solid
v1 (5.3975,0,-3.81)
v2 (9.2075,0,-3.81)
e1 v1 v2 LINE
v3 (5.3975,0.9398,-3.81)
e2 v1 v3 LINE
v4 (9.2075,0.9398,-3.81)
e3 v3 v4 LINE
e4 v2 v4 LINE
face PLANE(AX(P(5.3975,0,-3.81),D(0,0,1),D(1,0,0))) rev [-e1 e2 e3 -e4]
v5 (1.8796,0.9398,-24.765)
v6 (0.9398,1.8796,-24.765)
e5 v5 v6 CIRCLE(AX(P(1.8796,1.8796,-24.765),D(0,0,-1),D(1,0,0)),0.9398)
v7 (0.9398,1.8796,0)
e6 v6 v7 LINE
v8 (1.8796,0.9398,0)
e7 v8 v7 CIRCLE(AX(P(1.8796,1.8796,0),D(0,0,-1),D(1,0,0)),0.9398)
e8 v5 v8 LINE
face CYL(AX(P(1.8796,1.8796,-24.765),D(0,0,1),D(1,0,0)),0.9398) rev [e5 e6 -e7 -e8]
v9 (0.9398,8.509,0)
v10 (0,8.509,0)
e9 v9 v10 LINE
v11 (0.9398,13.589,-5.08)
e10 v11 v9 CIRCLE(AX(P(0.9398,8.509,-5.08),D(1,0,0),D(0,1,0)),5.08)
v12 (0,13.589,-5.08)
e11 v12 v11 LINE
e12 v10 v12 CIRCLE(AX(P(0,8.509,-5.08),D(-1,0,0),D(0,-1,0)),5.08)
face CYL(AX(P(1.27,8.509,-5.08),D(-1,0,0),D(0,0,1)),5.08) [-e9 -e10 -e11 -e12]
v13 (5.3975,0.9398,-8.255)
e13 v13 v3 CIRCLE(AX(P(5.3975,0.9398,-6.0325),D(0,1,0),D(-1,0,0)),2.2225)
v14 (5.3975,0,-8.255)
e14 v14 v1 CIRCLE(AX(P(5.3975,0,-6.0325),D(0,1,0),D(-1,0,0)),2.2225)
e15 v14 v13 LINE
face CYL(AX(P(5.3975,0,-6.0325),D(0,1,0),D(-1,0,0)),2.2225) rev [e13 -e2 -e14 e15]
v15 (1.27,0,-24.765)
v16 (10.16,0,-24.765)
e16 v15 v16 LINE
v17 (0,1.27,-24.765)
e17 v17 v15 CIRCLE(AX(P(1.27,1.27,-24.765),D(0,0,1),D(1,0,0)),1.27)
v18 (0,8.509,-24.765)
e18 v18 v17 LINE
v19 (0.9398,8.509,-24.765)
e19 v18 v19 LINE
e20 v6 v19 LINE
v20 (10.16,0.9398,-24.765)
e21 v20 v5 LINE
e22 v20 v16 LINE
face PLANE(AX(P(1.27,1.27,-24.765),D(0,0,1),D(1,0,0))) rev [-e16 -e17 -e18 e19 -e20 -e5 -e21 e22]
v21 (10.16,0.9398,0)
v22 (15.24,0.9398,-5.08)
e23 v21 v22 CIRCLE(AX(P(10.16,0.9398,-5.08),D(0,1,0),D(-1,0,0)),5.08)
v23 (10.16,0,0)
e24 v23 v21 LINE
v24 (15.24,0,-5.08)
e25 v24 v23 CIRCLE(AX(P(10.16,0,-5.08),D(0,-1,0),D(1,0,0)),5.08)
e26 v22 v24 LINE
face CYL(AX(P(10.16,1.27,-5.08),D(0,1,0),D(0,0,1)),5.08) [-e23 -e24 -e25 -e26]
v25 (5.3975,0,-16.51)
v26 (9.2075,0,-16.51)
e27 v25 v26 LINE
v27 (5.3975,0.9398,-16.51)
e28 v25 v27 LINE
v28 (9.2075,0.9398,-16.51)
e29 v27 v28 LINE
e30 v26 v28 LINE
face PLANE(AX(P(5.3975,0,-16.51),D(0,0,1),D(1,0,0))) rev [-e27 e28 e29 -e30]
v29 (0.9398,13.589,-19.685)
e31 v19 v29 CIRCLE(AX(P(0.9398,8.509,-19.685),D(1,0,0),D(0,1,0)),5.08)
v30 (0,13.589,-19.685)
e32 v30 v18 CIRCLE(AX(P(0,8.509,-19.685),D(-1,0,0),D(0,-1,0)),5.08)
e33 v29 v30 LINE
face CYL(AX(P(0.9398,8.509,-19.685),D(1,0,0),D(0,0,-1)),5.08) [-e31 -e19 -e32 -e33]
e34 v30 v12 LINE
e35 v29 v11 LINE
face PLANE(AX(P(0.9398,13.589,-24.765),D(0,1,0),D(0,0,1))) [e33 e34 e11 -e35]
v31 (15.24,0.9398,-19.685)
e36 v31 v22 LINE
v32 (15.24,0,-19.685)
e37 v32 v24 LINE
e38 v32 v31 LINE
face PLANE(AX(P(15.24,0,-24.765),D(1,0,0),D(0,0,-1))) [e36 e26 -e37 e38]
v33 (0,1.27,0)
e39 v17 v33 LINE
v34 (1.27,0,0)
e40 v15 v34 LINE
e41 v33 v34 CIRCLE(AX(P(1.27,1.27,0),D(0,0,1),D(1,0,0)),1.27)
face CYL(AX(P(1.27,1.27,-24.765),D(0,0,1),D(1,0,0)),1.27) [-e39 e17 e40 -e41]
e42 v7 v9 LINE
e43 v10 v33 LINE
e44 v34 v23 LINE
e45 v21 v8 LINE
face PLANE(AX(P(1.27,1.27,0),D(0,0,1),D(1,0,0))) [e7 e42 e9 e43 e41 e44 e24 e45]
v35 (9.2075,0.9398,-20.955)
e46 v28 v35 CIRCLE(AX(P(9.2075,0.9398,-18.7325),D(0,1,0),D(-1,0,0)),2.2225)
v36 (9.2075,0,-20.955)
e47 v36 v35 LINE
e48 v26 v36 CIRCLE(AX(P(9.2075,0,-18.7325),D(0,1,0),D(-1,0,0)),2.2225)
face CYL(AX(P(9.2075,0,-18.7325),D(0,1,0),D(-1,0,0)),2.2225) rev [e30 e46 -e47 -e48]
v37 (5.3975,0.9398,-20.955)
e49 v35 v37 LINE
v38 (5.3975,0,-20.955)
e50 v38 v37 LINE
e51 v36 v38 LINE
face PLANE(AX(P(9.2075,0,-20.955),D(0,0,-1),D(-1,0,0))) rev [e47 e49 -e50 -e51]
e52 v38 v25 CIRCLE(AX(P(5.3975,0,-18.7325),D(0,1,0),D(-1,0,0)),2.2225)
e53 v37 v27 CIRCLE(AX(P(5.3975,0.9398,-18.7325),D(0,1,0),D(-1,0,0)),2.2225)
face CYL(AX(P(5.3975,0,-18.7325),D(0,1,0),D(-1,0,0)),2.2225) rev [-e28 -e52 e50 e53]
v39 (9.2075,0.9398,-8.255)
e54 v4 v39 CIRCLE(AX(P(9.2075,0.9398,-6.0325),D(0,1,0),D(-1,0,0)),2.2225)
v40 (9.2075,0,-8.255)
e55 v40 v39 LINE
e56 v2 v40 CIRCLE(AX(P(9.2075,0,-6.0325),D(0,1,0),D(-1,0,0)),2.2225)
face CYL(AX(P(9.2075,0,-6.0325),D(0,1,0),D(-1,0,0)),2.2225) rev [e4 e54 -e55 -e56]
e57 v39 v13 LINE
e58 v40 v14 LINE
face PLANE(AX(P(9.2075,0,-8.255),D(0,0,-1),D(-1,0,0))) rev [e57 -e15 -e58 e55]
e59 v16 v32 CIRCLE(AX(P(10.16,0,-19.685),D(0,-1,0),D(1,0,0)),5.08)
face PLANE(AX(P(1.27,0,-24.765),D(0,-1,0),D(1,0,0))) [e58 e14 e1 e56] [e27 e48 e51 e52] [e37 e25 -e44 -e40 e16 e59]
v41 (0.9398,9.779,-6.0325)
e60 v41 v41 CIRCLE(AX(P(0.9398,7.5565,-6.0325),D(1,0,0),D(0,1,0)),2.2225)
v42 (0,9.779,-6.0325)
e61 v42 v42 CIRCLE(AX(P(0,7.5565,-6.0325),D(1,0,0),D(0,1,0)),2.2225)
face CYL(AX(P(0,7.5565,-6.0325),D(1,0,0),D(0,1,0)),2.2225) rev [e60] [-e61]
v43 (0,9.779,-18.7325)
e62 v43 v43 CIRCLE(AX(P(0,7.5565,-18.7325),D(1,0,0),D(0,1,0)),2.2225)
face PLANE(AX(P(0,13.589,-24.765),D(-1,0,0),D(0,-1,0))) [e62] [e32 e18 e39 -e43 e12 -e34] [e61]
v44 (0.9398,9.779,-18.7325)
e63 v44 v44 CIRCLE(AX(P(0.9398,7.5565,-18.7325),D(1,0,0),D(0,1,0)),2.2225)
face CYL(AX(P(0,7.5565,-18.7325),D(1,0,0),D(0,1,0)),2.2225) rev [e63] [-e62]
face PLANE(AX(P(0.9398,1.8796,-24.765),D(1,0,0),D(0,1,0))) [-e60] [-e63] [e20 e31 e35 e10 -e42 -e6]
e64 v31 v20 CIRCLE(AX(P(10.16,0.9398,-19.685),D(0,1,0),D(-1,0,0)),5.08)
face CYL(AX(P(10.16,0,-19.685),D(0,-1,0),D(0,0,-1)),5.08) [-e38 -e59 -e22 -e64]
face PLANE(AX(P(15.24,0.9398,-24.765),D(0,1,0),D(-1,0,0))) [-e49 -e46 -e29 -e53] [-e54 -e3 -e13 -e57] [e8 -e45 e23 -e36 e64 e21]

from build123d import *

# Parameters (mm, degrees)
ANGLE_BRACKET_DEPTH = 24.765
CORNERS_R           = 5.08
SKETCH2_R           = 2.2225
HOLES_DEPTH         = 32.661678194
SLOTS_DEPTH         = 32.710646251


with BuildPart() as part:
    # Sketch1 → Angle Bracket (new body)
    with BuildSketch(Plane.XY):
        with BuildLine():
            Line((0, 13.589), (0, 1.27))
            ThreePointArc((0, 1.27), (0.371974388, 0.371974388), (1.27, 0))
            Line((1.27, 0), (15.24, 0))
            Line((15.24, 0), (15.24, 0.9398))
            Line((15.24, 0.9398), (1.8796, 0.9398))
            ThreePointArc((1.8796, 0.9398), (1.215061047, 1.215061047), (0.9398, 1.8796))
            Line((0.9398, 1.8796), (0.9398, 13.589))
            Line((0.9398, 13.589), (0, 13.589))
        make_face()
    extrude(amount=-ANGLE_BRACKET_DEPTH)

    # Corners
    corners_edges = [part.edges().sort_by_distance(p)[0] for p in [
        (0.4699, 13.589, 0),
        (15.24, 0.4699, -24.765),
        (0.4699, 13.589, -24.765),
        (15.24, 0.4699, 0),
    ]]
    fillet(corners_edges, radius=CORNERS_R)

    # Sketch2 → Holes (cut, through all)
    with BuildSketch(Plane(origin=(0.9398, 0, 0), x_dir=(0, 0, -1), z_dir=(1, 0, 0))):
        with Locations(Location((6.0325, 7.5565, 0), (0, 0, 90))):
            Circle(SKETCH2_R)
        with Locations(Location((18.7325, 7.5565, 0), (0, 0, 90))):
            Circle(SKETCH2_R)
    extrude(amount=-HOLES_DEPTH, mode=Mode.SUBTRACT)

    # Sketch3 → Slots (cut, through all)
    with BuildSketch(Plane(origin=(0, 0.9398, 0), x_dir=(-1, 0, 0), z_dir=(0, 1, 0))):
        with BuildLine():
            Line((-5.3975, -3.81), (-9.2075, -3.81))
            ThreePointArc((-9.2075, -3.81), (-11.43, -6.0325), (-9.2075, -8.255))
            Line((-9.2075, -8.255), (-5.3975, -8.255))
            ThreePointArc((-5.3975, -8.255), (-3.175, -6.0325), (-5.3975, -3.81))
        make_face()
        with BuildLine():
            Line((-5.3975, -16.51), (-9.2075, -16.51))
            ThreePointArc((-9.2075, -16.51), (-11.43, -18.7325), (-9.2075, -20.955))
            Line((-9.2075, -20.955), (-5.3975, -20.955))
            ThreePointArc((-5.3975, -20.955), (-3.175, -18.7325), (-5.3975, -16.51))
        make_face()
    extrude(amount=-SLOTS_DEPTH, mode=Mode.SUBTRACT)


solid = part.part
